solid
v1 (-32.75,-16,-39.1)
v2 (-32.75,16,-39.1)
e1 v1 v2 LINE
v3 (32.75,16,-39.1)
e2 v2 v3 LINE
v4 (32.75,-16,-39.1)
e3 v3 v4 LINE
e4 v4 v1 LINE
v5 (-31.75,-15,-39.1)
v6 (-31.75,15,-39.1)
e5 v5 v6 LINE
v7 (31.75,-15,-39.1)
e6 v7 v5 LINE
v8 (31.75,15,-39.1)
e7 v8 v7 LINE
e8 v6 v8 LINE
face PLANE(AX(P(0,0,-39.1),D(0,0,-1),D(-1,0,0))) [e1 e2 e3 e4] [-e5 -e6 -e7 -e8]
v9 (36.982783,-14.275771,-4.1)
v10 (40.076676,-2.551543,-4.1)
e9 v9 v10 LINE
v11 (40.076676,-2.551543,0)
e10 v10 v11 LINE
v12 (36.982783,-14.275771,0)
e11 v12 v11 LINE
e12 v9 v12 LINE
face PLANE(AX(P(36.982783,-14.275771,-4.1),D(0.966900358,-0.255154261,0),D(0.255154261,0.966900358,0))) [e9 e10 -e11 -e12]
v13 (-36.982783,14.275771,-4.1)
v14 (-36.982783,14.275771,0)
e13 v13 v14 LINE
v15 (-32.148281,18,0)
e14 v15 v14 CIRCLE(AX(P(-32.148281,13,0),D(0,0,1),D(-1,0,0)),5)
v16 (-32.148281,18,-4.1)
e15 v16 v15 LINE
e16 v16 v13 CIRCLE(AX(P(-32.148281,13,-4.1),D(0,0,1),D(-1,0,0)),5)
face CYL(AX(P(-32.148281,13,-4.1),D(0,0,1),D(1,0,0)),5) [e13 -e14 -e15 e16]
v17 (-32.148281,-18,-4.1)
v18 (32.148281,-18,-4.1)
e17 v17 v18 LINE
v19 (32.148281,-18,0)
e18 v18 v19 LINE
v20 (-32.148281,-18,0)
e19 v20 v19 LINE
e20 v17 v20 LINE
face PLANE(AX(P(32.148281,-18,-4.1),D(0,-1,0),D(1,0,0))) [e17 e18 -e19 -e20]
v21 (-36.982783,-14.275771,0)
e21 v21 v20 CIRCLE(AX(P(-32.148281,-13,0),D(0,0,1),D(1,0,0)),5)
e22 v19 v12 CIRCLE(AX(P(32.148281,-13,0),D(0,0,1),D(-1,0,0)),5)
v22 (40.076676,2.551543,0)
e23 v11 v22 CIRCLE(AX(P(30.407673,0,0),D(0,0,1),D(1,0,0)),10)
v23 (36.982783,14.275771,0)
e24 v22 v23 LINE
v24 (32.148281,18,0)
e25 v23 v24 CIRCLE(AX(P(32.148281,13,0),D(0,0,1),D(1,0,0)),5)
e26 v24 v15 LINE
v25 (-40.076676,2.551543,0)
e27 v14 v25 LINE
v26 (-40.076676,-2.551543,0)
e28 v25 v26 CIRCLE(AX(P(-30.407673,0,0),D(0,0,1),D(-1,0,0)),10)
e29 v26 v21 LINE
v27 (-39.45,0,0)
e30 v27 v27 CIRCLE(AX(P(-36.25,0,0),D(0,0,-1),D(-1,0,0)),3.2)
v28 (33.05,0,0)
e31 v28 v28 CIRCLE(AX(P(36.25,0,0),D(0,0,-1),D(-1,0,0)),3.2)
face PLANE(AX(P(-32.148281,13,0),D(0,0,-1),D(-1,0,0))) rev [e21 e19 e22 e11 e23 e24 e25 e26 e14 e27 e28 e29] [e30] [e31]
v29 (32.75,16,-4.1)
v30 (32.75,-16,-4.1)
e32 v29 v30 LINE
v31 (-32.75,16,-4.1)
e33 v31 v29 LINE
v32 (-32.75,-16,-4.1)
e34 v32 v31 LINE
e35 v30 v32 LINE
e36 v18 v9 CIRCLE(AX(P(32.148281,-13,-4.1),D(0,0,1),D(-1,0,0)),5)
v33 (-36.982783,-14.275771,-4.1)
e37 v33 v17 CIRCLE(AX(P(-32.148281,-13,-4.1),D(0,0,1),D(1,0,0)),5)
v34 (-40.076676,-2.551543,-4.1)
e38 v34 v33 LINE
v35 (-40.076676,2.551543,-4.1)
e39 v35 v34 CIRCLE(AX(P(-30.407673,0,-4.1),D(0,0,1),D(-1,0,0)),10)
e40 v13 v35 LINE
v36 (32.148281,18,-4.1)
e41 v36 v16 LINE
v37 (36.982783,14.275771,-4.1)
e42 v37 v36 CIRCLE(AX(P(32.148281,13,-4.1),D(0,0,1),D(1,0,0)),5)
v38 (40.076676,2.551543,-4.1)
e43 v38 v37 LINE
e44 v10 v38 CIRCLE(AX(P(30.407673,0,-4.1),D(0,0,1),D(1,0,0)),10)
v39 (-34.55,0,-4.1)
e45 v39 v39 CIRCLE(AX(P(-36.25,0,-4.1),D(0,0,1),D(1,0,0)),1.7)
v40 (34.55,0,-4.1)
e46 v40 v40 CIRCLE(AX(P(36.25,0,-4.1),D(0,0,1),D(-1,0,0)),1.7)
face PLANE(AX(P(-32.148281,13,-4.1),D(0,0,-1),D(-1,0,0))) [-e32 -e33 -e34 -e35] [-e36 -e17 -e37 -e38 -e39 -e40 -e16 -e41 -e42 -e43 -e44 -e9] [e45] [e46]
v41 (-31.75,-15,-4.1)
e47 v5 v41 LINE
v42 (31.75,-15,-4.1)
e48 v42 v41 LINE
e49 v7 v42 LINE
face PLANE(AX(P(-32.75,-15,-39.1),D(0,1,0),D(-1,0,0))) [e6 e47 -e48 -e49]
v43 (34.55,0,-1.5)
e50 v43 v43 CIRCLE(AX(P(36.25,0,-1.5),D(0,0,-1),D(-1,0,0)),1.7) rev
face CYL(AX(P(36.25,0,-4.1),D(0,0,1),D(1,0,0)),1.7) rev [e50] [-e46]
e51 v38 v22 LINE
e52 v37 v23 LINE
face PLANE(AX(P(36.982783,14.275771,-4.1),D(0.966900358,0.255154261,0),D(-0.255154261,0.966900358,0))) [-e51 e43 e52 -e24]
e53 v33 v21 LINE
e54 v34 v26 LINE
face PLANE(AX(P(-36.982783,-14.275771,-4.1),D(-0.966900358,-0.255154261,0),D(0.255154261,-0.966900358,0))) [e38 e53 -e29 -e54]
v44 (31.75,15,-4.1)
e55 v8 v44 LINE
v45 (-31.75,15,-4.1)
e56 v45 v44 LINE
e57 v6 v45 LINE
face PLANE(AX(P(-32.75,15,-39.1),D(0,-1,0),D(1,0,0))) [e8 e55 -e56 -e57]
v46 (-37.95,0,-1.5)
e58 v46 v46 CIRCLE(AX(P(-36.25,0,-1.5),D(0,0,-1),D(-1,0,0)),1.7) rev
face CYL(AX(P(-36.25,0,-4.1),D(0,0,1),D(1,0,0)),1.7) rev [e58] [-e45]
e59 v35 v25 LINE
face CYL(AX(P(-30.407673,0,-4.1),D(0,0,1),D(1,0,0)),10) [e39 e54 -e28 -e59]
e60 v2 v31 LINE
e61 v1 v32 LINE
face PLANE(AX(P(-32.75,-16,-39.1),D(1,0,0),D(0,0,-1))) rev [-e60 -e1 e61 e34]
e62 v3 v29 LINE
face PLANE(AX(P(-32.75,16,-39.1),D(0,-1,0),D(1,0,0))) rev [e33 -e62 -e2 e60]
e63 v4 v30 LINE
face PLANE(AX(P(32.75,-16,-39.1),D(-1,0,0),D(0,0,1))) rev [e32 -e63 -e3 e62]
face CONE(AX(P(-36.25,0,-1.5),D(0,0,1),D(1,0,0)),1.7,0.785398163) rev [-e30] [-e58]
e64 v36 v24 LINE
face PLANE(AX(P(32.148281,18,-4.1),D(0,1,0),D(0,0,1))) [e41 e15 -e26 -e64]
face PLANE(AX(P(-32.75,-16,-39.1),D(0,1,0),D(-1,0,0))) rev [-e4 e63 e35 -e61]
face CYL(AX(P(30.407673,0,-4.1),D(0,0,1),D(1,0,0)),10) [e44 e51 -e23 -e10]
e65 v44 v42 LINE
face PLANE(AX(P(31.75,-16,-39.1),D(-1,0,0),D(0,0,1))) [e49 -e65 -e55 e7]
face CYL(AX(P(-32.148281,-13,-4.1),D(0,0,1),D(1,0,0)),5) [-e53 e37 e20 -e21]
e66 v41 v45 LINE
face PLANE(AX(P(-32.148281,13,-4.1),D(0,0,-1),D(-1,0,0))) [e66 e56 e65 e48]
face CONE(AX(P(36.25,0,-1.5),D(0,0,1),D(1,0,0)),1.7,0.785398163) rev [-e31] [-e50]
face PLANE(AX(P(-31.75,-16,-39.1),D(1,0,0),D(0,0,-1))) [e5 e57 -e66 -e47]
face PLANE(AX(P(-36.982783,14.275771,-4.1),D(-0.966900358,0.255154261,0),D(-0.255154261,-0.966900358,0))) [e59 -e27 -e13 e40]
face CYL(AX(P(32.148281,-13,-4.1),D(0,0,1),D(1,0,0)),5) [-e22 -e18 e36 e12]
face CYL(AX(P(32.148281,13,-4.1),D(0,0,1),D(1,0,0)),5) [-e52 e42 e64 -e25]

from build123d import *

# Parameters (mm, degrees)
SCHIZZO1_R                   = 1.7
ESTRUSIONE_ESTRUSIONE1_DEPTH = 4.1
SCHIZZO2_W                   = 65.5
SCHIZZO2_H                   = 32
SCHIZZO2_W_2                 = 63.5
SCHIZZO2_H_2                 = 30
ESTRUSIONE_SOTTILE1_DEPTH    = 35
SMUSSO1_SIZE                 = 1.5


with BuildPart() as part:
    # Schizzo1 → Estrusione-Estrusione1 (new body)
    with BuildSketch(Plane.XY):
        with BuildLine():
            Line((32.14828078, 18), (-32.14828078, 18))
            ThreePointArc((-32.14828078, 18), (-35.199603729, 16.960988294), (-36.982782572, 14.275771306))
            Line((-36.982782572, 14.275771306), (-40.076676255, 2.551542612))
            ThreePointArc((-40.076676255, 2.551542612), (-40.407672672, 0), (-40.076676255, -2.551542612))
            Line((-40.076676255, -2.551542612), (-36.982782572, -14.275771306))
            ThreePointArc((-36.982782572, -14.275771306), (-35.199603729, -16.960988294), (-32.14828078, -18))
            Line((-32.14828078, -18), (32.14828078, -18))
            ThreePointArc((32.14828078, -18), (35.199603729, -16.960988294), (36.982782572, -14.275771306))
            Line((36.982782572, -14.275771306), (40.076676255, -2.551542612))
            ThreePointArc((40.076676255, -2.551542612), (40.407672672, 0), (40.076676255, 2.551542612))
            Line((40.076676255, 2.551542612), (36.982782572, 14.275771306))
            ThreePointArc((36.982782572, 14.275771306), (35.199603729, 16.960988294), (32.14828078, 18))
        make_face()
        with Locations((-36.25, 0)):
            Circle(SCHIZZO1_R, mode=Mode.SUBTRACT)
        with Locations((36.25, 0)):
            Circle(SCHIZZO1_R, mode=Mode.SUBTRACT)
    extrude(amount=-ESTRUSIONE_ESTRUSIONE1_DEPTH)

    # Schizzo2 → Estrusione-Sottile1 (add)
    with BuildSketch(Plane(origin=(0, 0, -4.1), x_dir=(-1, 0, 0), z_dir=(0, 0, -1))):
        Rectangle(SCHIZZO2_W, SCHIZZO2_H)
        Rectangle(SCHIZZO2_W_2, SCHIZZO2_H_2, mode=Mode.SUBTRACT)
    extrude(amount=ESTRUSIONE_SOTTILE1_DEPTH)

    # Smusso1
    smusso1_edges = [part.edges().sort_by_distance(p)[0] for p in [
        (-37.95, 0, 0),
        (34.55, 0, 0),
    ]]
    chamfer(smusso1_edges, length=SMUSSO1_SIZE)


solid = part.part
